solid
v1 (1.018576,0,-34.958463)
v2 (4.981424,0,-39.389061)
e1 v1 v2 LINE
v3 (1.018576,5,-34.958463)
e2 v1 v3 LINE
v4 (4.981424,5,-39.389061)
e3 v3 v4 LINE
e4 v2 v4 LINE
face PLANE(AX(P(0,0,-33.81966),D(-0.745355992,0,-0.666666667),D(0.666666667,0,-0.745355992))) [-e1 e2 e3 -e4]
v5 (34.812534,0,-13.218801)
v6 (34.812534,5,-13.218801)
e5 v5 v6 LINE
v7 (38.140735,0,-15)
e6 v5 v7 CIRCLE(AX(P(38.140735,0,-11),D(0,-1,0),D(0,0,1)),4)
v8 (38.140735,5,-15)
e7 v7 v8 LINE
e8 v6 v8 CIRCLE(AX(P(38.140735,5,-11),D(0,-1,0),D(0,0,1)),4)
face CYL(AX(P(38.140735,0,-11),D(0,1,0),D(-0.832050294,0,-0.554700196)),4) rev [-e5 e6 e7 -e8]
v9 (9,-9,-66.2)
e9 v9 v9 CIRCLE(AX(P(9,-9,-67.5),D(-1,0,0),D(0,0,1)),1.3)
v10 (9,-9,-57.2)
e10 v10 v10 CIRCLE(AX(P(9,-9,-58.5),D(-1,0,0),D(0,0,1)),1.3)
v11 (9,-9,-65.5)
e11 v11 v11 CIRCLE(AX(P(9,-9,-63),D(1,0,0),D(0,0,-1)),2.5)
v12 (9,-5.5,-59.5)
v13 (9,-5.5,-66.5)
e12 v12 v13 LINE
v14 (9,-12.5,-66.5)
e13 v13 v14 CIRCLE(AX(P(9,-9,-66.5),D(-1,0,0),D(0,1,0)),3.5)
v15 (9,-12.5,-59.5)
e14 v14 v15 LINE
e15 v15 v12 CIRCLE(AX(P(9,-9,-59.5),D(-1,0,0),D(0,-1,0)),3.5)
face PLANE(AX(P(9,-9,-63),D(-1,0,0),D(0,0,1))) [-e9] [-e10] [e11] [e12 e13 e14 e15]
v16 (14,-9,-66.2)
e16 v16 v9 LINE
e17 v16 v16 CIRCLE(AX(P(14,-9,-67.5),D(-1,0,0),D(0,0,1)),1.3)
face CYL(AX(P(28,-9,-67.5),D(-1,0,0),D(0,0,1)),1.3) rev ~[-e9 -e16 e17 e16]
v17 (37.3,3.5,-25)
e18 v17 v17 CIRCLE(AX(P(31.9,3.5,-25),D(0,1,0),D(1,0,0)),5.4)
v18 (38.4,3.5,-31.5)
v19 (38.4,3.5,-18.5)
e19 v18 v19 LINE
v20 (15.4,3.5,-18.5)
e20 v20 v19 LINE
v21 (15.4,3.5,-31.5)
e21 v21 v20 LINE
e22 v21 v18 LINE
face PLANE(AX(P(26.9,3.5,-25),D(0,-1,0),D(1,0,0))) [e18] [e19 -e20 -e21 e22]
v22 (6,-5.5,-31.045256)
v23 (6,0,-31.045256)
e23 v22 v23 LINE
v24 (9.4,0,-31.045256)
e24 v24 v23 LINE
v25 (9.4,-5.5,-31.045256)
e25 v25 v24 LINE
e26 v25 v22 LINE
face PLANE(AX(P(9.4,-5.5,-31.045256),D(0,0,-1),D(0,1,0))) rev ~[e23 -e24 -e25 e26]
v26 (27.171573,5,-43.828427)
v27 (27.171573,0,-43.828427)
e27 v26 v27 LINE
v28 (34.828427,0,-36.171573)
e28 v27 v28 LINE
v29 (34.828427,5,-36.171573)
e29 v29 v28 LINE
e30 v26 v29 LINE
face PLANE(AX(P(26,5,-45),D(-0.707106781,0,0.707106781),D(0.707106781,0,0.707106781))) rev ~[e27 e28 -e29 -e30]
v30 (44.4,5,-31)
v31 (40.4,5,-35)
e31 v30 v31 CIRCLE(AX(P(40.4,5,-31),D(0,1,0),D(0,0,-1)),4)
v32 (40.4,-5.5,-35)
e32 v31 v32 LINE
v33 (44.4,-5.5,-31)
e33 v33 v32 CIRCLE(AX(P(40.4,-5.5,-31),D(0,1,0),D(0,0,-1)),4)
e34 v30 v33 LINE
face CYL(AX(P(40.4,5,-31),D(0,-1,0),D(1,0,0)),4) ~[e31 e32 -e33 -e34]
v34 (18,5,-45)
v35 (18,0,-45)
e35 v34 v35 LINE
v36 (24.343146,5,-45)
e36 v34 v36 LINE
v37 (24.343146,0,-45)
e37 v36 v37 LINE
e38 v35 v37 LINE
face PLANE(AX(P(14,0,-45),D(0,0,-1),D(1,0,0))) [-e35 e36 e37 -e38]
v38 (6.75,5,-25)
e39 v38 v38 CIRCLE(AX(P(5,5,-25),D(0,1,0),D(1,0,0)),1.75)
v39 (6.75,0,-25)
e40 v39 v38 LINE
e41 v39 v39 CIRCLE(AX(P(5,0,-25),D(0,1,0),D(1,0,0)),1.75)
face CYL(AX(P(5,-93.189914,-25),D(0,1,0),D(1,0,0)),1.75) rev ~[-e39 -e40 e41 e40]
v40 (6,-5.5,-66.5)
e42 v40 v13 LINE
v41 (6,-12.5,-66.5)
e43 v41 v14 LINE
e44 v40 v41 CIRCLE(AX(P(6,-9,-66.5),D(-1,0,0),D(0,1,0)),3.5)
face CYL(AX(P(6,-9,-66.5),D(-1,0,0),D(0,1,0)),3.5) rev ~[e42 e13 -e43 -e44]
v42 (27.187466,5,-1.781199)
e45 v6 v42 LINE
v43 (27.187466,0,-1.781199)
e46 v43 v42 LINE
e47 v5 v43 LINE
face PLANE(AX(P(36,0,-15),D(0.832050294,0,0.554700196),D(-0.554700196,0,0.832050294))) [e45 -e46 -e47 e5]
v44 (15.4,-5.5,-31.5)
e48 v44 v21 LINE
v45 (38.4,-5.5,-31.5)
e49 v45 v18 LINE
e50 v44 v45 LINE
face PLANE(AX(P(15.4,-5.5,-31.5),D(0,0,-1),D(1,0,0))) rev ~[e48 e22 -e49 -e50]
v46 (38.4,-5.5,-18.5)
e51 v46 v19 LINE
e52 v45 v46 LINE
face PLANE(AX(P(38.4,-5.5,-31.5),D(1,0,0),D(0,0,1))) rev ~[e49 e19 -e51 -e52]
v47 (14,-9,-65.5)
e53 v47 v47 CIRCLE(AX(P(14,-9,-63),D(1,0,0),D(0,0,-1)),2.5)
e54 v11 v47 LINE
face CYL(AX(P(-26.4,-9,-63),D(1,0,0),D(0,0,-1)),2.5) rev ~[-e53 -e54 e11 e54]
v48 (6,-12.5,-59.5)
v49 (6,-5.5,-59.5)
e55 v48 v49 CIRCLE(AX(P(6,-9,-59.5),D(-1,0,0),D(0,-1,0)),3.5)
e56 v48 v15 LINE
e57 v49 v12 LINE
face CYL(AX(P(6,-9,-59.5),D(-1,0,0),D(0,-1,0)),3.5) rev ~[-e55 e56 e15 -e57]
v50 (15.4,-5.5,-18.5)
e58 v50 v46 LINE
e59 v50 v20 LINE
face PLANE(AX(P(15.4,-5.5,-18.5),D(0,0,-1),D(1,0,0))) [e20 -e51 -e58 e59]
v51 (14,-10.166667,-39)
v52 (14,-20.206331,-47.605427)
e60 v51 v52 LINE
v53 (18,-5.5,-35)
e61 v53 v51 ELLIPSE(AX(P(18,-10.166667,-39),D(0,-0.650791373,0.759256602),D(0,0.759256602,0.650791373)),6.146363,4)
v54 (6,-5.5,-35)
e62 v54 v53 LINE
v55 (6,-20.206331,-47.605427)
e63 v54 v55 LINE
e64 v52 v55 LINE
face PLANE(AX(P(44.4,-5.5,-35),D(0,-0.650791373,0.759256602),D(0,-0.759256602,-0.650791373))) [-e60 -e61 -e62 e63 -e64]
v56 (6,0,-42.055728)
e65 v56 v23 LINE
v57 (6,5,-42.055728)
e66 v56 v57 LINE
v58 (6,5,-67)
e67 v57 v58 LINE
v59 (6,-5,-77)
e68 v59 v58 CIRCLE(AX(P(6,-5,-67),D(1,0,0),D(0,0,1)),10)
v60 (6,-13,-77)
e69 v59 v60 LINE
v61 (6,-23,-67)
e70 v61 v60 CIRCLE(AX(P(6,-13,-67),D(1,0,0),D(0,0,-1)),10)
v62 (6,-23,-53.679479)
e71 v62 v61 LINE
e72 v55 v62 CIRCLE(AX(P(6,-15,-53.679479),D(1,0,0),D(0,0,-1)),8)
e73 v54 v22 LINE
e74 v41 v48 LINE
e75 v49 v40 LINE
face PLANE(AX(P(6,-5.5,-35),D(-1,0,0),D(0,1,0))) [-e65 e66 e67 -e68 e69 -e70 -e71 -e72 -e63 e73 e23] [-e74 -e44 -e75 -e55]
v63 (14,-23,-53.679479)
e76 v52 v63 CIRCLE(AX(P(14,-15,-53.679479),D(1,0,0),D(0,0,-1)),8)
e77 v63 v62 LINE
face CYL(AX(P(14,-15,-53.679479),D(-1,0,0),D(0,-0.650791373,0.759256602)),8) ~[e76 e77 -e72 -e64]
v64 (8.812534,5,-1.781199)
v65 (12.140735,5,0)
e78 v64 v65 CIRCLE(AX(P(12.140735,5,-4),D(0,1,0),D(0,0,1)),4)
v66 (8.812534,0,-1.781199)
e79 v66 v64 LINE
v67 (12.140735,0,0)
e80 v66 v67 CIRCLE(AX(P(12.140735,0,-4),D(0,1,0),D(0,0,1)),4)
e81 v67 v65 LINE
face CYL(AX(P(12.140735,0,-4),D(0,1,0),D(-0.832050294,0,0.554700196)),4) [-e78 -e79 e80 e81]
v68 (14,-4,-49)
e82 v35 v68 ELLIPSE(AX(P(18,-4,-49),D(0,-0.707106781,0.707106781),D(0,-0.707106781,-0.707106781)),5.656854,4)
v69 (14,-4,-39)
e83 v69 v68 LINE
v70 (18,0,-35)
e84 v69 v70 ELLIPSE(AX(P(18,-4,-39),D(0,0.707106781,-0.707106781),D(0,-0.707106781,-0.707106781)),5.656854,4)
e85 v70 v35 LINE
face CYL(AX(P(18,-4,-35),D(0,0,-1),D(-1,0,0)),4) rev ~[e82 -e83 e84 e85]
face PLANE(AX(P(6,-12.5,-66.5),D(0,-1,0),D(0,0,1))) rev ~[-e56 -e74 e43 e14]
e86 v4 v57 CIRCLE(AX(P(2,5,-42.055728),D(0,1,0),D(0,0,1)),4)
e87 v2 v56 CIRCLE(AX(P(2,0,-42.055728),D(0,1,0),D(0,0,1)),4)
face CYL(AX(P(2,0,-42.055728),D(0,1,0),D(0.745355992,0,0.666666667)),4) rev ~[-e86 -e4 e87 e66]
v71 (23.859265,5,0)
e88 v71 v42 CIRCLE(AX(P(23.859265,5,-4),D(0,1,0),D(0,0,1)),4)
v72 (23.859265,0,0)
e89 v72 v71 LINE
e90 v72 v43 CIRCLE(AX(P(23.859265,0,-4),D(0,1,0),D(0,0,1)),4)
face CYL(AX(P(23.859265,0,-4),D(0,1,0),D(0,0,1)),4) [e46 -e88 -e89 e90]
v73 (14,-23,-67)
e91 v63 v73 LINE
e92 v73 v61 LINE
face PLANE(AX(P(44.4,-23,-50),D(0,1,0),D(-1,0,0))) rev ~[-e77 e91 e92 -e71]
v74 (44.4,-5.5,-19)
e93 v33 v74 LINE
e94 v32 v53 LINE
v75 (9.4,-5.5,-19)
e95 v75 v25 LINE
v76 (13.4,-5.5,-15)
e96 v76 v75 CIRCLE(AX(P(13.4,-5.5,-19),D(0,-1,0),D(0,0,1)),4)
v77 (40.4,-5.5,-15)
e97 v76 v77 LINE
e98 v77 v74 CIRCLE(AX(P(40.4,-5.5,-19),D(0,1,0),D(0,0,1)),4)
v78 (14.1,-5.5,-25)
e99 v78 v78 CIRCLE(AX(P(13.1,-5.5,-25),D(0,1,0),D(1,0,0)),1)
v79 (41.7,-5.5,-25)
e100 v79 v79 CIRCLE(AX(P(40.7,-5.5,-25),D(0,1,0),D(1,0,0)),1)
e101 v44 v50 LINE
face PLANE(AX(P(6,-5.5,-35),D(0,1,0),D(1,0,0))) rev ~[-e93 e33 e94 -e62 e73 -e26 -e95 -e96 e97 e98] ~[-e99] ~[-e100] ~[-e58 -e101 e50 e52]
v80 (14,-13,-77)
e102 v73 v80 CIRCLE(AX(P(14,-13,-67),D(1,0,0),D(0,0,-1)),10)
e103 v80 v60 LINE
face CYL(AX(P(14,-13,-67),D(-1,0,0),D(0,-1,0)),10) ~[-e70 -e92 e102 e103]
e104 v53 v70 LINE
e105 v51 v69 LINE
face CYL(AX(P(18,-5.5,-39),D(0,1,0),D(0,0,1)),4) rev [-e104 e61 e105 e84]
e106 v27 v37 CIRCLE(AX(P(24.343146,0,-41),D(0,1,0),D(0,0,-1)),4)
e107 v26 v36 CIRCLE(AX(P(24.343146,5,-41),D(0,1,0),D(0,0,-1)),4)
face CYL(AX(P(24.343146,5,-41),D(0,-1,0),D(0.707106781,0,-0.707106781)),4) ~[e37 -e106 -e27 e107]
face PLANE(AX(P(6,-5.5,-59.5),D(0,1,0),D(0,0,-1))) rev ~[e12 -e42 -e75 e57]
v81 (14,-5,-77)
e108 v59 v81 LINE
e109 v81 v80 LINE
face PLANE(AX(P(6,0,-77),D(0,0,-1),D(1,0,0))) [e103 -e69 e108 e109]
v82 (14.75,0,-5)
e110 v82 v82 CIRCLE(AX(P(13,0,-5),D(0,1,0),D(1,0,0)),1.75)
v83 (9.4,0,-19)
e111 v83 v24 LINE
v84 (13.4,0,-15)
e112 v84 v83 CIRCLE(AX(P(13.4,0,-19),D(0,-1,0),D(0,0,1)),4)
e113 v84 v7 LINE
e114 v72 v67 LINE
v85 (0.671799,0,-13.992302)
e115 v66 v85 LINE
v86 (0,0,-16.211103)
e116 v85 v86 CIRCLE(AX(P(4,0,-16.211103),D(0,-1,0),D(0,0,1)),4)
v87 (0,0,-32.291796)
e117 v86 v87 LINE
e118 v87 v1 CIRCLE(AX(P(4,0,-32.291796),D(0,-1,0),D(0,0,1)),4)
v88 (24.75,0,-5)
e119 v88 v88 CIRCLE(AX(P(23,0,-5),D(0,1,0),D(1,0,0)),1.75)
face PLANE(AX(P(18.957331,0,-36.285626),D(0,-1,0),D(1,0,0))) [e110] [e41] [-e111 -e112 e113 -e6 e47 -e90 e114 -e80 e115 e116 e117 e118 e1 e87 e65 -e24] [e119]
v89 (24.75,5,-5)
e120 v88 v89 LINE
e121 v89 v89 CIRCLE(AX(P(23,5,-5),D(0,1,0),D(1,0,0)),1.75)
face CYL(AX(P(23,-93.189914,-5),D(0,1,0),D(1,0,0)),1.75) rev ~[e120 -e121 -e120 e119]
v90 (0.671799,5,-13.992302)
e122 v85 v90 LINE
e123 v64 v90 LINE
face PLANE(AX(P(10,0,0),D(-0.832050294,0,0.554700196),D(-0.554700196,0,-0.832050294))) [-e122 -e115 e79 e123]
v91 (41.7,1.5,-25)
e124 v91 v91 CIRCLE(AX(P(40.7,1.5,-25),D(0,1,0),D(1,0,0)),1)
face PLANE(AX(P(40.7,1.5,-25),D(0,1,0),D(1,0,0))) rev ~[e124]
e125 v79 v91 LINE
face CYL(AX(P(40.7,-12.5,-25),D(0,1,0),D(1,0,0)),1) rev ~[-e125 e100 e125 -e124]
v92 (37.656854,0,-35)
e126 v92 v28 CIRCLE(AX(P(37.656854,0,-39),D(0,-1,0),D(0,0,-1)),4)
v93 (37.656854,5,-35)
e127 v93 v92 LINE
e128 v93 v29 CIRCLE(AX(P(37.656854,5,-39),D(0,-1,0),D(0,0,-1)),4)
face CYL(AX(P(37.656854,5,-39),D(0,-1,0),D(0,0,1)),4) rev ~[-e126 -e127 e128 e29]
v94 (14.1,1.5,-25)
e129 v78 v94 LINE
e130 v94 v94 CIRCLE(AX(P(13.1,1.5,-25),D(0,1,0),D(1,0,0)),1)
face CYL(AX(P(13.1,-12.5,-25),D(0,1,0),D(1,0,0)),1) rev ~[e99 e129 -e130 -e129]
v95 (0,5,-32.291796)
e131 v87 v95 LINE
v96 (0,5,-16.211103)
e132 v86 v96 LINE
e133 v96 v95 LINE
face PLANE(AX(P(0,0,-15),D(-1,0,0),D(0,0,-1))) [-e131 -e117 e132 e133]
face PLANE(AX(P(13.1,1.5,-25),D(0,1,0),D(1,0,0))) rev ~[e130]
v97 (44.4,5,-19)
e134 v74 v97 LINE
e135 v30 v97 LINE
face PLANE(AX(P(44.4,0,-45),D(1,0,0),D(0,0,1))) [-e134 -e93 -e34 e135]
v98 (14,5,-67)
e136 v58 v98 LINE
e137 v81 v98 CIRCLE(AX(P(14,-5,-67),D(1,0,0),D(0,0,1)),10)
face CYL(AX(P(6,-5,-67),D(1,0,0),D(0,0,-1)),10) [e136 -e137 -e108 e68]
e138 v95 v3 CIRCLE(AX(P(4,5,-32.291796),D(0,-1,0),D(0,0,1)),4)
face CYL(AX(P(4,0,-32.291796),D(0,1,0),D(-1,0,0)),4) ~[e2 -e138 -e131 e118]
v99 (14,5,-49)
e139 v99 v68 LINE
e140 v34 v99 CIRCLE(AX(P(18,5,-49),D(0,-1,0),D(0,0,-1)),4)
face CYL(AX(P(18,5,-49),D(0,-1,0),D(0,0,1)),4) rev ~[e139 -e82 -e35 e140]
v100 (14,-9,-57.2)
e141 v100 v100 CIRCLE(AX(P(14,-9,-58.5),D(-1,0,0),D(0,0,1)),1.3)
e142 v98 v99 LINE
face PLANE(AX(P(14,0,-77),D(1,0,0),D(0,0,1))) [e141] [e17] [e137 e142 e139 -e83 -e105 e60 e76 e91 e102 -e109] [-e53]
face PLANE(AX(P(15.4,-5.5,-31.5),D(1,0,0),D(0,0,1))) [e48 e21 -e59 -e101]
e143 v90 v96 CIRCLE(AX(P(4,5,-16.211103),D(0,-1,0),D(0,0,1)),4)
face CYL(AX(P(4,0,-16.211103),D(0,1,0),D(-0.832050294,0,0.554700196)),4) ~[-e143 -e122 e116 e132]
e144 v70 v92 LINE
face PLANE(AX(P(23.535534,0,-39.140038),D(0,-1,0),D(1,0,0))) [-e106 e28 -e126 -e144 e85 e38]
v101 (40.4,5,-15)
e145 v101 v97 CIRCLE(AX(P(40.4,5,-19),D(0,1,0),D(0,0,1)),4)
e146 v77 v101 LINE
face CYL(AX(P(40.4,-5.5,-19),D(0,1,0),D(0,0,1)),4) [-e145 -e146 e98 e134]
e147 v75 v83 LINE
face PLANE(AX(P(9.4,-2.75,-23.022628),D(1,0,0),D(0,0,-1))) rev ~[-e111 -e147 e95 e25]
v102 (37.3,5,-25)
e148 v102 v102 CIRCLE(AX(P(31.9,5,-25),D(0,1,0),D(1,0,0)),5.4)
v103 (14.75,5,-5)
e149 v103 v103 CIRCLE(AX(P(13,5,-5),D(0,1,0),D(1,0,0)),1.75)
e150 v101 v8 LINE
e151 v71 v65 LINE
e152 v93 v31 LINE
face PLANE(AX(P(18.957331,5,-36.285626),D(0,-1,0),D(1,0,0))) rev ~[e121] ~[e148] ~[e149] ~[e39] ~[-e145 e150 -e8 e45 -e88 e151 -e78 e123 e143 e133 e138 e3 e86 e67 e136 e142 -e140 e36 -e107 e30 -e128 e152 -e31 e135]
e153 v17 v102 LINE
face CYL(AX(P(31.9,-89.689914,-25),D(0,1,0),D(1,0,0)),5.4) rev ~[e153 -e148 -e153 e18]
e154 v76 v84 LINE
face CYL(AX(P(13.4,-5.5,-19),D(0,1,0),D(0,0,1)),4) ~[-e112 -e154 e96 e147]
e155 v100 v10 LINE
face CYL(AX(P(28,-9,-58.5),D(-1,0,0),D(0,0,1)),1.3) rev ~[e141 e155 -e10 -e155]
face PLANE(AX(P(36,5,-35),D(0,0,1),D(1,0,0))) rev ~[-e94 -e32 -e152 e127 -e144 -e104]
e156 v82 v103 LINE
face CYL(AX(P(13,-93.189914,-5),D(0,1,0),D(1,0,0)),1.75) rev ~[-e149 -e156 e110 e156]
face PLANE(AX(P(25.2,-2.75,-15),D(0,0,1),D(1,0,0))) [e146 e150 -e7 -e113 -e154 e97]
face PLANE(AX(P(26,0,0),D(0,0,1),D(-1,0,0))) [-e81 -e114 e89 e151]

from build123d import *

# Parameters (mm, degrees)
BOSS_EXTRUDE1_DEPTH            = 38.4
SKETCH2_W                      = 38.4
SKETCH2_H                      = 15
BOSS_EXTRUDE2_DEPTH            = 5.5
SKETCH3_W                      = 38.4
SKETCH3_H                      = 23
BOSS_EXTRUDE3_DEPTH            = 27
SKETCH8_W                      = 38.4
SKETCH8_H                      = 5.5
BOSS_EXTRUDE4_DEPTH            = 20
CUT_EXTRUDE1_DEPTH             = 30.4
SKETCH10_W                     = 30.4
SKETCH10_H                     = 5.5
CUT_EXTRUDE2_DEPTH             = 32
BOSS_EXTRUDE5_DEPTH            = 5
CUT_EXTRUDE3_REACH             = 89.653
SKETCH17_W                     = 16.045256013
SKETCH17_H                     = 5.5
CUT_EXTRUDE4_DEPTH             = 94.189913617
CUT_EXTRUDE5_DEPTH             = 5.5
CUT_EXTRUDE6_DEPTH             = 3
SKETCH34_W                     = 23
SKETCH34_H                     = 13
CUT_EXTRUDE7_DEPTH             = 9
F_3_5_3_5_DIAMETER_HOLE1_D     = 3.5
F_10_8_10_8_DIAMETER_HOLE1_D   = 10.8
F_5_0_5_DIAMETER_HOLE1_D       = 5
F_5_0_5_DIAMETER_HOLE1_DEPTH   = 35.4
F_2_6_2_6_DIAMETER_HOLE1_D     = 2.6
F_2_6_2_6_DIAMETER_HOLE1_DEPTH = 14
F_2_0_2_DIAMETER_HOLE1_D       = 2
F_2_0_2_DIAMETER_HOLE1_DEPTH   = 7
FILLET1_R                      = 4
FILLET2_R                      = 8
FILLET3_R                      = 10


with BuildPart() as part:
    # Sketch1 → Boss-Extrude1 (new body)
    with BuildSketch(Plane(origin=(44.4, 0, 0), x_dir=(0, 0, -1), z_dir=(1, 0, 0))):
        Polygon((50, -5.5), (35, -5.5), (50, -23), align=None)
    extrude(amount=-BOSS_EXTRUDE1_DEPTH)

    # Sketch2 → Boss-Extrude2 (add)
    with BuildSketch(Plane(origin=(0, -5.5, 0), x_dir=(-1, 0, 0), z_dir=(0, 1, 0))):
        with Locations((-25.2, -42.5)):
            Rectangle(SKETCH2_W, SKETCH2_H)
    extrude(amount=BOSS_EXTRUDE2_DEPTH)

    # Sketch3 → Boss-Extrude3 (add)
    with BuildSketch(Plane(origin=(0, 0, -50), x_dir=(-1, 0, 0), z_dir=(0, 0, -1))):
        with Locations((-25.2, -11.5)):
            Rectangle(SKETCH3_W, SKETCH3_H)
    extrude(amount=BOSS_EXTRUDE3_DEPTH)

    # Sketch8 → Boss-Extrude4 (add)
    with BuildSketch(Plane.XY.offset(-35)):
        with Locations((25.2, -2.75)):
            Rectangle(SKETCH8_W, SKETCH8_H)
    extrude(amount=BOSS_EXTRUDE4_DEPTH)

    # Sketch9 → Cut-Extrude1 (cut)
    with BuildSketch(Plane(origin=(44.4, 0, 0), x_dir=(0, 0, -1), z_dir=(1, 0, 0))):
        Polygon((77, -23), (77, -5.5), (35, -5.5), (50, -23), align=None)
    extrude(amount=-CUT_EXTRUDE1_DEPTH, mode=Mode.SUBTRACT)

    # Sketch10 → Cut-Extrude2 (cut)
    with BuildSketch(Plane(origin=(0, 0, -77), x_dir=(-1, 0, 0), z_dir=(0, 0, -1))):
        with Locations((-29.2, -2.75)):
            Rectangle(SKETCH10_W, SKETCH10_H)
    extrude(amount=-CUT_EXTRUDE2_DEPTH, mode=Mode.SUBTRACT)

    # Sketch11 → Boss-Extrude5 (add)
    with BuildSketch(Plane(origin=(0, 0, 0), x_dir=(-1, 0, 0), z_dir=(0, 1, 0))):
        Polygon((-10, 0), (0, -15), (0, -33.819660113), (-6, -40.527864045), (-6, -77), (-14, -77), (-14, -45), (-44.4, -45), (-44.4, -15), (-36, -15), (-26, 0), align=None)
    extrude(amount=BOSS_EXTRUDE5_DEPTH)

    # Sketch17 → Cut-Extrude3 (cut, up to next)
    with BuildSketch(Plane(origin=(9.4, 0, 0), x_dir=(0, 0, -1), z_dir=(1, 0, 0)), mode=Mode.PRIVATE) as cut_extrude3_sk1:
        with Locations((23.022628007, -2.75)):
            Rectangle(SKETCH17_W, SKETCH17_H)
    cut_extrude3_tool1 = extrude(cut_extrude3_sk1.sketch, amount=-CUT_EXTRUDE3_REACH, mode=Mode.PRIVATE) & part.part
    add(cut_extrude3_tool1.solids().sort_by_distance((9.4, -2.75, -23.022628))[0], mode=Mode.SUBTRACT)

    # Sketch24 → Cut-Extrude4 (cut, through all)
    with BuildSketch(Plane(origin=(0, 5, 0), x_dir=(-1, 0, 0), z_dir=(0, 1, 0))):
        Polygon((-36, -35), (-44.4, -35), (-44.4, -45), (-26, -45), align=None)
    extrude(amount=-CUT_EXTRUDE4_DEPTH, mode=Mode.SUBTRACT)

    # Sketch25 → Cut-Extrude5 (cut)
    with BuildSketch(Plane.XZ.offset(5.5)):
        Polygon((36, -35), (14, -35), (14, -45), (26, -45), align=None)
    extrude(amount=-CUT_EXTRUDE5_DEPTH, mode=Mode.SUBTRACT)

    # Sketch33 → Cut-Extrude6 (cut)
    with BuildSketch(Plane.ZY.offset(-6)):
        with BuildLine():
            Line((-66.5, -12.5), (-59.5, -12.5))
            ThreePointArc((-59.5, -12.5), (-56, -9), (-59.5, -5.5))
            Line((-59.5, -5.5), (-66.5, -5.5))
            ThreePointArc((-66.5, -5.5), (-70, -9), (-66.5, -12.5))
        make_face()
    extrude(amount=-CUT_EXTRUDE6_DEPTH, mode=Mode.SUBTRACT)

    # Sketch34 → Cut-Extrude7 (cut)
    with BuildSketch(Plane.XZ.offset(5.5)):
        with Locations((26.9, -25)):
            Rectangle(SKETCH34_W, SKETCH34_H)
    extrude(amount=-CUT_EXTRUDE7_DEPTH, mode=Mode.SUBTRACT)

    # Ø3.5 (3.5) Diameter Hole1 (through all)
    with Locations(Plane(origin=(0, 0, 0), x_dir=(-1, 0, 0), z_dir=(0, -1, 0))):
        with Locations((-5, 25), (-13, 5), (-23, 5)):
            Hole(F_3_5_3_5_DIAMETER_HOLE1_D / 2)

    # Ø10.8 (10.8) Diameter Hole1 (through all)
    with Locations(Plane(origin=(0, 3.5, 0), x_dir=(-1, 0, 0), z_dir=(0, -1, 0))):
        with Locations((-31.9, 25)):
            Hole(F_10_8_10_8_DIAMETER_HOLE1_D / 2)

    # Ø5.0 (5) Diameter Hole1
    with Locations(Plane.ZY.offset(-9)):
        with Locations((-63, -9)):
            Hole(F_5_0_5_DIAMETER_HOLE1_D / 2, depth=F_5_0_5_DIAMETER_HOLE1_DEPTH)

    # Ø2.6 (2.6) Diameter Hole1
    with Locations(Plane(origin=(14, 0, 0), x_dir=(0, 0, -1), z_dir=(1, 0, 0))):
        with Locations((58.5, -9), (67.5, -9)):
            Hole(F_2_6_2_6_DIAMETER_HOLE1_D / 2, depth=F_2_6_2_6_DIAMETER_HOLE1_DEPTH)

    # Ø2.0 (2) Diameter Hole1
    with Locations(Plane(origin=(0, -5.5, 0), x_dir=(-1, 0, 0), z_dir=(0, -1, 0))):
        with Locations((-13.1, 25), (-40.7, 25)):
            Hole(F_2_0_2_DIAMETER_HOLE1_D / 2, depth=F_2_0_2_DIAMETER_HOLE1_DEPTH)

    # Fillet1
    fillet1_edges = [part.edges().sort_by_distance(p)[0] for p in [
        (9.4, -2.75, -15),
        (44.4, -0.25, -35),
        (36, 2.5, -35),
        (26, 2.5, -45),
        (14, 2.5, -45),
        (14, 0, -40),
        (14, -2.75, -35),
        (44.4, -0.25, -15),
        (10, 2.5, 0),
        (26, 2.5, 0),
        (36, 2.5, -15),
        (6, 2.5, -40.527864045),
        (0, 2.5, -33.819660113),
        (0, 2.5, -15),
    ]]
    fillet(fillet1_edges, radius=FILLET1_R)

    # Fillet2
    fillet2_edges = [part.edges().sort_by_distance(p)[0] for p in [
        (10, -23, -50),
    ]]
    fillet(fillet2_edges, radius=FILLET2_R)

    # Fillet3
    fillet3_edges = [part.edges().sort_by_distance(p)[0] for p in [
        (10, -23, -77),
        (10, 5, -77),
    ]]
    fillet(fillet3_edges, radius=FILLET3_R)


solid = part.part
